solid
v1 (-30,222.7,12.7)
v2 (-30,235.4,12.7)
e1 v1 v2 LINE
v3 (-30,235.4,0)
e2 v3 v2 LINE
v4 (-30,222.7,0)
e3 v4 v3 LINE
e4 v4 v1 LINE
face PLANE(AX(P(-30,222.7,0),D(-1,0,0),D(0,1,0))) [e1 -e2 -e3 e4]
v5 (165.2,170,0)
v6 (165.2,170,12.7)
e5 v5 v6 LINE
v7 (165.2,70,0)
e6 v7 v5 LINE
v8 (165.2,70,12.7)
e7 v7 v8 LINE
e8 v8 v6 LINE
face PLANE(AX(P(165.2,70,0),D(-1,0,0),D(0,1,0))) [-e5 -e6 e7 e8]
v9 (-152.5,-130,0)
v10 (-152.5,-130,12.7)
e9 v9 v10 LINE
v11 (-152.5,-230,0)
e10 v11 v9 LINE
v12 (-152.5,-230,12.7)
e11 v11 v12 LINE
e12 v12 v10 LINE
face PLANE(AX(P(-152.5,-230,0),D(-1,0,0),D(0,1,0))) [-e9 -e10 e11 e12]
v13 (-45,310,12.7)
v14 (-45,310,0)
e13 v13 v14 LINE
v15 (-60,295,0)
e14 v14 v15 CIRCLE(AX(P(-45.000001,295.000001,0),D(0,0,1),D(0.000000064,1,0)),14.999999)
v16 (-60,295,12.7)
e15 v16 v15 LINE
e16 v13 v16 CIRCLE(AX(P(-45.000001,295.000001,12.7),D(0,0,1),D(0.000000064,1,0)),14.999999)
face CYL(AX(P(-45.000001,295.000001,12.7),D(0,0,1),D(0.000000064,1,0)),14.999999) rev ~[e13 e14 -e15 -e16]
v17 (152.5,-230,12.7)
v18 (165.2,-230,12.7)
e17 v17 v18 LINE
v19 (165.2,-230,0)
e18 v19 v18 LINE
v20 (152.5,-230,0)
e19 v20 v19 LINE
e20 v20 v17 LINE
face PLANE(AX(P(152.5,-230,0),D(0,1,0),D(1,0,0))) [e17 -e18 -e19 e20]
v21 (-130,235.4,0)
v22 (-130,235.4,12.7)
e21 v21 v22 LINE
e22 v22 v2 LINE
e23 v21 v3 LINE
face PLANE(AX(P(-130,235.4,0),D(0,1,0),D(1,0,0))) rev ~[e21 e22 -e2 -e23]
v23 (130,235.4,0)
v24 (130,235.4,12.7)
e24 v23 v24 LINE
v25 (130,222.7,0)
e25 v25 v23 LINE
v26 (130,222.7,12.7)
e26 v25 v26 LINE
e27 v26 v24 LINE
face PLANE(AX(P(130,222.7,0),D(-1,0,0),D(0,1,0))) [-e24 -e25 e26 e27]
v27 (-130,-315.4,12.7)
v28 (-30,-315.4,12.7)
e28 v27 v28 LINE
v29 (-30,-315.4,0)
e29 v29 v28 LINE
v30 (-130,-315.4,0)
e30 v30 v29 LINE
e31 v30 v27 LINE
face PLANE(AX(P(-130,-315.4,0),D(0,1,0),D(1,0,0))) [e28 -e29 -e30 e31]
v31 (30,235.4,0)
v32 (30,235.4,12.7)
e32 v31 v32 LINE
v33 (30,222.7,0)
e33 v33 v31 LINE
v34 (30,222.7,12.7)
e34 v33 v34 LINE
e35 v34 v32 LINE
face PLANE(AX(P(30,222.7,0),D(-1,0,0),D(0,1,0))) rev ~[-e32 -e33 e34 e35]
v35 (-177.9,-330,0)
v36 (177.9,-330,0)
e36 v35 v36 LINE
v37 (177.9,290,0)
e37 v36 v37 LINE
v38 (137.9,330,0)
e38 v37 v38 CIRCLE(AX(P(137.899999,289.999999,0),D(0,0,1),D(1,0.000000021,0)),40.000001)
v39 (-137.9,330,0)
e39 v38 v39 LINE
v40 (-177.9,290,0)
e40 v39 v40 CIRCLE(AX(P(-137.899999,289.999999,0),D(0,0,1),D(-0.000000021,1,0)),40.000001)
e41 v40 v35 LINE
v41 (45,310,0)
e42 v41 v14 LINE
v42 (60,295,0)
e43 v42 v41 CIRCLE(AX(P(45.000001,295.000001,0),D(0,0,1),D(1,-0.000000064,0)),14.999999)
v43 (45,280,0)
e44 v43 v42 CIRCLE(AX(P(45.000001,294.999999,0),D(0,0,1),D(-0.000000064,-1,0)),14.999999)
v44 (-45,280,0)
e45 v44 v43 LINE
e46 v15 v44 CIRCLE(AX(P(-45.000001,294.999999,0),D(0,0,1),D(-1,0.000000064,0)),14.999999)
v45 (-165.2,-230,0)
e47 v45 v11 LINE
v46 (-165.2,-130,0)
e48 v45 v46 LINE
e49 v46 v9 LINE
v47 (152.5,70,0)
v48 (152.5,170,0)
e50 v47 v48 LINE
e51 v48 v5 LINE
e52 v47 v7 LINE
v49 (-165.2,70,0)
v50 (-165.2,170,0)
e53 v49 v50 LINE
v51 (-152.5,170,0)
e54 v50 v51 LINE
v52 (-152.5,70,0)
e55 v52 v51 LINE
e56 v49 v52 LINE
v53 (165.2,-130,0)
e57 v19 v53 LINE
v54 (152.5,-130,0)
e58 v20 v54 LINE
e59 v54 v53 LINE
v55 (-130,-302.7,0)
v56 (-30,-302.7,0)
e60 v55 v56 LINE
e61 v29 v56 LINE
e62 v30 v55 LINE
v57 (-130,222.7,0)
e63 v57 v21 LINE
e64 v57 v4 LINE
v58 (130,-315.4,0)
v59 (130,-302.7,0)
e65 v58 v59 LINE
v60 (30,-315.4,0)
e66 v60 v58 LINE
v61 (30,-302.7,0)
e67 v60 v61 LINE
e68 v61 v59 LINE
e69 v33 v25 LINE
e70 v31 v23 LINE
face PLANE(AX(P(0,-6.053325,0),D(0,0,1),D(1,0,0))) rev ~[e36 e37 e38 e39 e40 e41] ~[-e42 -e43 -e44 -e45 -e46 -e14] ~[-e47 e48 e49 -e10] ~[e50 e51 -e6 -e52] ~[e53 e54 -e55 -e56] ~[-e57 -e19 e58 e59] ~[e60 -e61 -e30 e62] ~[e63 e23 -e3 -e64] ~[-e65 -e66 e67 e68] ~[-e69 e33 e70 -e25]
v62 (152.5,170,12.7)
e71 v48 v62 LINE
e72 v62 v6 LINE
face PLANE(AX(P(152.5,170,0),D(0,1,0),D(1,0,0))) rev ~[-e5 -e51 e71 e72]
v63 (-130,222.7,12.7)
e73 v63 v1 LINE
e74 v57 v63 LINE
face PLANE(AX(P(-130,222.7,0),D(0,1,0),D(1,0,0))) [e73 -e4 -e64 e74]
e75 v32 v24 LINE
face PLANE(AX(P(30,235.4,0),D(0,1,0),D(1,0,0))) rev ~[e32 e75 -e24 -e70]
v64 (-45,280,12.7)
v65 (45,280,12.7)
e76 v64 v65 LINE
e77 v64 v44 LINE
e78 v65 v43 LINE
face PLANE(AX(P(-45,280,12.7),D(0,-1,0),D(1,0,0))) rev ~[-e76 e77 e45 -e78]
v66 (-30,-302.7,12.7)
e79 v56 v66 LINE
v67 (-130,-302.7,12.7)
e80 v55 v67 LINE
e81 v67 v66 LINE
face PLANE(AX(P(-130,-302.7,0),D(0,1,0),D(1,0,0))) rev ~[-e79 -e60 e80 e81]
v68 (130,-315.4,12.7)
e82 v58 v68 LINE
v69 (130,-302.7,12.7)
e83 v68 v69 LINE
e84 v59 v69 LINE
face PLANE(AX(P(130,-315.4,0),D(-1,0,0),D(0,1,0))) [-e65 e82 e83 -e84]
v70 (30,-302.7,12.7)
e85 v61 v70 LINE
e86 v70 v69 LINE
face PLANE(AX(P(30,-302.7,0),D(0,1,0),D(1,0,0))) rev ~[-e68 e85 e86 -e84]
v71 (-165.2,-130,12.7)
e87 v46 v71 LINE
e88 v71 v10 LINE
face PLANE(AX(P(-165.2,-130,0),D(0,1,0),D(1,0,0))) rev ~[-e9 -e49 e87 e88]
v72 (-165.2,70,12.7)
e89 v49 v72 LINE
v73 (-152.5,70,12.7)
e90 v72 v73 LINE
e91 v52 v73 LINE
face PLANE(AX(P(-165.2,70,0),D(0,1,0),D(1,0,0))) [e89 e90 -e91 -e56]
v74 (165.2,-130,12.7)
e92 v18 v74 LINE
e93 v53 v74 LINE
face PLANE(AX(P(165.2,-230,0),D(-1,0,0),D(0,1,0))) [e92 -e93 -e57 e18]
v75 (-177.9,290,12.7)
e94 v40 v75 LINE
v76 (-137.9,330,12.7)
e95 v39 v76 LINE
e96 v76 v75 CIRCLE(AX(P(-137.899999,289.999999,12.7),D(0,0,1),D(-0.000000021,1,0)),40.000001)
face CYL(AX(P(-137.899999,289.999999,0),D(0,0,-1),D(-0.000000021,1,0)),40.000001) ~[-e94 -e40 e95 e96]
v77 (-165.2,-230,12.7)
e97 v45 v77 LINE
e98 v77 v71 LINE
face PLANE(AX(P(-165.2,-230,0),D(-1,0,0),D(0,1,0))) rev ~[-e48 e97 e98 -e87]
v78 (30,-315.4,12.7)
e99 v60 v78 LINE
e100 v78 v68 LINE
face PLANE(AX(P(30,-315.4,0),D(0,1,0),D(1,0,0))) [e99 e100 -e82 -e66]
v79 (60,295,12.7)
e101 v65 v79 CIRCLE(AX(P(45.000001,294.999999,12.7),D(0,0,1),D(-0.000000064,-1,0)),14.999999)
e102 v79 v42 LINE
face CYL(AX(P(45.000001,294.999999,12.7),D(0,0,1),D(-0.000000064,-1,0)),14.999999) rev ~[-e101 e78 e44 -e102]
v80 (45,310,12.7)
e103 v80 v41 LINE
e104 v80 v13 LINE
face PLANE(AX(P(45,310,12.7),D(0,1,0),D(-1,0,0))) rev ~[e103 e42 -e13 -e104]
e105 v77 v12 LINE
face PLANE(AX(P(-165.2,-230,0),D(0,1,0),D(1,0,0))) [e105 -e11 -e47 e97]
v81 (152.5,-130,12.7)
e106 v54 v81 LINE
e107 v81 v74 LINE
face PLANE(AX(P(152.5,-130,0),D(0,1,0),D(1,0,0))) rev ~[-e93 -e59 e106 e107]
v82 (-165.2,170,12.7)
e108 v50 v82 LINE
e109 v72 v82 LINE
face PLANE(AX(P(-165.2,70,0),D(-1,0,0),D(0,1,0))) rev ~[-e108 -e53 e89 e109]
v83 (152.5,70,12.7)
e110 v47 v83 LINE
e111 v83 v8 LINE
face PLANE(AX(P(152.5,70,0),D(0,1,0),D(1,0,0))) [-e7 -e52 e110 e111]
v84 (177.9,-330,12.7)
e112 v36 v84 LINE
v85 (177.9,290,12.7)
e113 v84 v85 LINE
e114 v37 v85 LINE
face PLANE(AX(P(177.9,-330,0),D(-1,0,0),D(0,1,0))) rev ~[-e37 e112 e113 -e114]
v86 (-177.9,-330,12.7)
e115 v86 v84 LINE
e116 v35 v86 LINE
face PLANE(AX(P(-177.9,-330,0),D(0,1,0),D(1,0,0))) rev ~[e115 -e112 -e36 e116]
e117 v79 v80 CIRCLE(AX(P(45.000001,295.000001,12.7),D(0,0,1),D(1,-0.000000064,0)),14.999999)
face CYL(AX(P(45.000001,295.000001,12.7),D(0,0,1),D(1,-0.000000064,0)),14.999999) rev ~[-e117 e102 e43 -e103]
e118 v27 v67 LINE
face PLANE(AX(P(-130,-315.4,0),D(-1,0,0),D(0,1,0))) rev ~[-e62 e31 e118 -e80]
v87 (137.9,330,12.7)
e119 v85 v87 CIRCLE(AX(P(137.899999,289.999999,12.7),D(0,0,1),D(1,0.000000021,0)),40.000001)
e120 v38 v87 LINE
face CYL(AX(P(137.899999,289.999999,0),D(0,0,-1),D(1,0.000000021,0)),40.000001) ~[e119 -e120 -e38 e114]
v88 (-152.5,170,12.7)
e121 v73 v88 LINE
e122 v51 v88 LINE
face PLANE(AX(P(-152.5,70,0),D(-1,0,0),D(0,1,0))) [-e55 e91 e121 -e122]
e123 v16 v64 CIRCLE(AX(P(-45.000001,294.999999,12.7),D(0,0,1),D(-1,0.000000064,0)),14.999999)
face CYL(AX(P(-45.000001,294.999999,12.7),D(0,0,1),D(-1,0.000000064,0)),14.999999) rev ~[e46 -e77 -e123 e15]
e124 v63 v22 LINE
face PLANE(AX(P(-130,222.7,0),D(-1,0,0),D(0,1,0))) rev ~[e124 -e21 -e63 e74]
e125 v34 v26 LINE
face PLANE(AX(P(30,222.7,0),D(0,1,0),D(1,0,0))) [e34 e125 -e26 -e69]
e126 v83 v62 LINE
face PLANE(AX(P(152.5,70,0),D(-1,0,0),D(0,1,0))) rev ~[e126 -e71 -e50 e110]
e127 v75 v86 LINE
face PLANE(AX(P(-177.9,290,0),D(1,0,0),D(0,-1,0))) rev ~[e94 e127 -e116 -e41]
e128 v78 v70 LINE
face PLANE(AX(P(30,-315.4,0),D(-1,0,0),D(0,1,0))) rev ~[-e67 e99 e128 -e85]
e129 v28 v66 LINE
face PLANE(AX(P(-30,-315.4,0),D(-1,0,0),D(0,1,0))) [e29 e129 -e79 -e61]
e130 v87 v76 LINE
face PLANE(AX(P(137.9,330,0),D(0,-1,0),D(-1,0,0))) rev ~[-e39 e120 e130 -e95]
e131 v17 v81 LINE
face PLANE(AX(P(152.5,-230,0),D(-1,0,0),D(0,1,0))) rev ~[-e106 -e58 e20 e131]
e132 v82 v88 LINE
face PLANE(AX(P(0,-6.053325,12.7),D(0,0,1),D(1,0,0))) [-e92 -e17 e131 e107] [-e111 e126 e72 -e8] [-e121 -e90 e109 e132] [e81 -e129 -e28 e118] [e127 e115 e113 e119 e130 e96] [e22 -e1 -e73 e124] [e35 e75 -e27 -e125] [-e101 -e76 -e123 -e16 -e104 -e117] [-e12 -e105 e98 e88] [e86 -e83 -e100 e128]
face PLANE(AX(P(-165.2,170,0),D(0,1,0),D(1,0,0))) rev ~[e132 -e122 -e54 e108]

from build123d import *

# Parameters (mm, degrees)
F0_W     = 12.7
F0_H     = 100
F0_W_2   = 100
F0_H_2   = 12.7
F1_DEPTH = 12.7
F3_DEPTH = 12.7


with BuildPart() as f1:
    # F0 (on Top) → F1 (new body)
    with BuildSketch(Plane.XY):
        with BuildLine():
            Line((-177.9, -330), (177.9, -330))
            Line((177.9, -330), (177.9, 290))
            ThreePointArc((177.9, 290), (166.184271, 318.284271), (137.9, 330))
            Line((137.9, 330), (-137.9, 330))
            ThreePointArc((-137.9, 330), (-166.184271, 318.284271), (-177.9, 290))
            Line((-177.9, 290), (-177.9, -330))
        make_face()
        with Locations((-158.85, -180)):
            Rectangle(F0_W, F0_H, mode=Mode.SUBTRACT)
        with Locations((-80, -309.05)):
            Rectangle(F0_W_2, F0_H_2, mode=Mode.SUBTRACT)
        with Locations((80, -309.05)):
            Rectangle(F0_W_2, F0_H_2, mode=Mode.SUBTRACT)
        with Locations((158.85, -180)):
            Rectangle(F0_W, F0_H, mode=Mode.SUBTRACT)
        with Locations((-158.85, 120)):
            Rectangle(F0_W, F0_H, mode=Mode.SUBTRACT)
        with Locations((-80, 229.05)):
            Rectangle(F0_W_2, F0_H_2, mode=Mode.SUBTRACT)
        with Locations((158.85, 120)):
            Rectangle(F0_W, F0_H, mode=Mode.SUBTRACT)
        with Locations((80, 229.05)):
            Rectangle(F0_W_2, F0_H_2, mode=Mode.SUBTRACT)
    extrude(amount=F1_DEPTH)

    # F2 (on face) → F3 (cut, through all)
    with BuildSketch(Plane.XY.offset(12.7)):
        with BuildLine():
            ThreePointArc((-60, 295), (-55.606602, 284.393398), (-45, 280))
            Line((-45, 280), (45, 280))
            ThreePointArc((45, 280), (55.606602, 284.393398), (60, 295))
            ThreePointArc((60, 295), (55.606602, 305.606602), (45, 310))
            Line((45, 310), (-45, 310))
            ThreePointArc((-45, 310), (-55.606602, 305.606602), (-60, 295))
        make_face()
    extrude(amount=-F3_DEPTH, mode=Mode.SUBTRACT)


solid = f1.part
